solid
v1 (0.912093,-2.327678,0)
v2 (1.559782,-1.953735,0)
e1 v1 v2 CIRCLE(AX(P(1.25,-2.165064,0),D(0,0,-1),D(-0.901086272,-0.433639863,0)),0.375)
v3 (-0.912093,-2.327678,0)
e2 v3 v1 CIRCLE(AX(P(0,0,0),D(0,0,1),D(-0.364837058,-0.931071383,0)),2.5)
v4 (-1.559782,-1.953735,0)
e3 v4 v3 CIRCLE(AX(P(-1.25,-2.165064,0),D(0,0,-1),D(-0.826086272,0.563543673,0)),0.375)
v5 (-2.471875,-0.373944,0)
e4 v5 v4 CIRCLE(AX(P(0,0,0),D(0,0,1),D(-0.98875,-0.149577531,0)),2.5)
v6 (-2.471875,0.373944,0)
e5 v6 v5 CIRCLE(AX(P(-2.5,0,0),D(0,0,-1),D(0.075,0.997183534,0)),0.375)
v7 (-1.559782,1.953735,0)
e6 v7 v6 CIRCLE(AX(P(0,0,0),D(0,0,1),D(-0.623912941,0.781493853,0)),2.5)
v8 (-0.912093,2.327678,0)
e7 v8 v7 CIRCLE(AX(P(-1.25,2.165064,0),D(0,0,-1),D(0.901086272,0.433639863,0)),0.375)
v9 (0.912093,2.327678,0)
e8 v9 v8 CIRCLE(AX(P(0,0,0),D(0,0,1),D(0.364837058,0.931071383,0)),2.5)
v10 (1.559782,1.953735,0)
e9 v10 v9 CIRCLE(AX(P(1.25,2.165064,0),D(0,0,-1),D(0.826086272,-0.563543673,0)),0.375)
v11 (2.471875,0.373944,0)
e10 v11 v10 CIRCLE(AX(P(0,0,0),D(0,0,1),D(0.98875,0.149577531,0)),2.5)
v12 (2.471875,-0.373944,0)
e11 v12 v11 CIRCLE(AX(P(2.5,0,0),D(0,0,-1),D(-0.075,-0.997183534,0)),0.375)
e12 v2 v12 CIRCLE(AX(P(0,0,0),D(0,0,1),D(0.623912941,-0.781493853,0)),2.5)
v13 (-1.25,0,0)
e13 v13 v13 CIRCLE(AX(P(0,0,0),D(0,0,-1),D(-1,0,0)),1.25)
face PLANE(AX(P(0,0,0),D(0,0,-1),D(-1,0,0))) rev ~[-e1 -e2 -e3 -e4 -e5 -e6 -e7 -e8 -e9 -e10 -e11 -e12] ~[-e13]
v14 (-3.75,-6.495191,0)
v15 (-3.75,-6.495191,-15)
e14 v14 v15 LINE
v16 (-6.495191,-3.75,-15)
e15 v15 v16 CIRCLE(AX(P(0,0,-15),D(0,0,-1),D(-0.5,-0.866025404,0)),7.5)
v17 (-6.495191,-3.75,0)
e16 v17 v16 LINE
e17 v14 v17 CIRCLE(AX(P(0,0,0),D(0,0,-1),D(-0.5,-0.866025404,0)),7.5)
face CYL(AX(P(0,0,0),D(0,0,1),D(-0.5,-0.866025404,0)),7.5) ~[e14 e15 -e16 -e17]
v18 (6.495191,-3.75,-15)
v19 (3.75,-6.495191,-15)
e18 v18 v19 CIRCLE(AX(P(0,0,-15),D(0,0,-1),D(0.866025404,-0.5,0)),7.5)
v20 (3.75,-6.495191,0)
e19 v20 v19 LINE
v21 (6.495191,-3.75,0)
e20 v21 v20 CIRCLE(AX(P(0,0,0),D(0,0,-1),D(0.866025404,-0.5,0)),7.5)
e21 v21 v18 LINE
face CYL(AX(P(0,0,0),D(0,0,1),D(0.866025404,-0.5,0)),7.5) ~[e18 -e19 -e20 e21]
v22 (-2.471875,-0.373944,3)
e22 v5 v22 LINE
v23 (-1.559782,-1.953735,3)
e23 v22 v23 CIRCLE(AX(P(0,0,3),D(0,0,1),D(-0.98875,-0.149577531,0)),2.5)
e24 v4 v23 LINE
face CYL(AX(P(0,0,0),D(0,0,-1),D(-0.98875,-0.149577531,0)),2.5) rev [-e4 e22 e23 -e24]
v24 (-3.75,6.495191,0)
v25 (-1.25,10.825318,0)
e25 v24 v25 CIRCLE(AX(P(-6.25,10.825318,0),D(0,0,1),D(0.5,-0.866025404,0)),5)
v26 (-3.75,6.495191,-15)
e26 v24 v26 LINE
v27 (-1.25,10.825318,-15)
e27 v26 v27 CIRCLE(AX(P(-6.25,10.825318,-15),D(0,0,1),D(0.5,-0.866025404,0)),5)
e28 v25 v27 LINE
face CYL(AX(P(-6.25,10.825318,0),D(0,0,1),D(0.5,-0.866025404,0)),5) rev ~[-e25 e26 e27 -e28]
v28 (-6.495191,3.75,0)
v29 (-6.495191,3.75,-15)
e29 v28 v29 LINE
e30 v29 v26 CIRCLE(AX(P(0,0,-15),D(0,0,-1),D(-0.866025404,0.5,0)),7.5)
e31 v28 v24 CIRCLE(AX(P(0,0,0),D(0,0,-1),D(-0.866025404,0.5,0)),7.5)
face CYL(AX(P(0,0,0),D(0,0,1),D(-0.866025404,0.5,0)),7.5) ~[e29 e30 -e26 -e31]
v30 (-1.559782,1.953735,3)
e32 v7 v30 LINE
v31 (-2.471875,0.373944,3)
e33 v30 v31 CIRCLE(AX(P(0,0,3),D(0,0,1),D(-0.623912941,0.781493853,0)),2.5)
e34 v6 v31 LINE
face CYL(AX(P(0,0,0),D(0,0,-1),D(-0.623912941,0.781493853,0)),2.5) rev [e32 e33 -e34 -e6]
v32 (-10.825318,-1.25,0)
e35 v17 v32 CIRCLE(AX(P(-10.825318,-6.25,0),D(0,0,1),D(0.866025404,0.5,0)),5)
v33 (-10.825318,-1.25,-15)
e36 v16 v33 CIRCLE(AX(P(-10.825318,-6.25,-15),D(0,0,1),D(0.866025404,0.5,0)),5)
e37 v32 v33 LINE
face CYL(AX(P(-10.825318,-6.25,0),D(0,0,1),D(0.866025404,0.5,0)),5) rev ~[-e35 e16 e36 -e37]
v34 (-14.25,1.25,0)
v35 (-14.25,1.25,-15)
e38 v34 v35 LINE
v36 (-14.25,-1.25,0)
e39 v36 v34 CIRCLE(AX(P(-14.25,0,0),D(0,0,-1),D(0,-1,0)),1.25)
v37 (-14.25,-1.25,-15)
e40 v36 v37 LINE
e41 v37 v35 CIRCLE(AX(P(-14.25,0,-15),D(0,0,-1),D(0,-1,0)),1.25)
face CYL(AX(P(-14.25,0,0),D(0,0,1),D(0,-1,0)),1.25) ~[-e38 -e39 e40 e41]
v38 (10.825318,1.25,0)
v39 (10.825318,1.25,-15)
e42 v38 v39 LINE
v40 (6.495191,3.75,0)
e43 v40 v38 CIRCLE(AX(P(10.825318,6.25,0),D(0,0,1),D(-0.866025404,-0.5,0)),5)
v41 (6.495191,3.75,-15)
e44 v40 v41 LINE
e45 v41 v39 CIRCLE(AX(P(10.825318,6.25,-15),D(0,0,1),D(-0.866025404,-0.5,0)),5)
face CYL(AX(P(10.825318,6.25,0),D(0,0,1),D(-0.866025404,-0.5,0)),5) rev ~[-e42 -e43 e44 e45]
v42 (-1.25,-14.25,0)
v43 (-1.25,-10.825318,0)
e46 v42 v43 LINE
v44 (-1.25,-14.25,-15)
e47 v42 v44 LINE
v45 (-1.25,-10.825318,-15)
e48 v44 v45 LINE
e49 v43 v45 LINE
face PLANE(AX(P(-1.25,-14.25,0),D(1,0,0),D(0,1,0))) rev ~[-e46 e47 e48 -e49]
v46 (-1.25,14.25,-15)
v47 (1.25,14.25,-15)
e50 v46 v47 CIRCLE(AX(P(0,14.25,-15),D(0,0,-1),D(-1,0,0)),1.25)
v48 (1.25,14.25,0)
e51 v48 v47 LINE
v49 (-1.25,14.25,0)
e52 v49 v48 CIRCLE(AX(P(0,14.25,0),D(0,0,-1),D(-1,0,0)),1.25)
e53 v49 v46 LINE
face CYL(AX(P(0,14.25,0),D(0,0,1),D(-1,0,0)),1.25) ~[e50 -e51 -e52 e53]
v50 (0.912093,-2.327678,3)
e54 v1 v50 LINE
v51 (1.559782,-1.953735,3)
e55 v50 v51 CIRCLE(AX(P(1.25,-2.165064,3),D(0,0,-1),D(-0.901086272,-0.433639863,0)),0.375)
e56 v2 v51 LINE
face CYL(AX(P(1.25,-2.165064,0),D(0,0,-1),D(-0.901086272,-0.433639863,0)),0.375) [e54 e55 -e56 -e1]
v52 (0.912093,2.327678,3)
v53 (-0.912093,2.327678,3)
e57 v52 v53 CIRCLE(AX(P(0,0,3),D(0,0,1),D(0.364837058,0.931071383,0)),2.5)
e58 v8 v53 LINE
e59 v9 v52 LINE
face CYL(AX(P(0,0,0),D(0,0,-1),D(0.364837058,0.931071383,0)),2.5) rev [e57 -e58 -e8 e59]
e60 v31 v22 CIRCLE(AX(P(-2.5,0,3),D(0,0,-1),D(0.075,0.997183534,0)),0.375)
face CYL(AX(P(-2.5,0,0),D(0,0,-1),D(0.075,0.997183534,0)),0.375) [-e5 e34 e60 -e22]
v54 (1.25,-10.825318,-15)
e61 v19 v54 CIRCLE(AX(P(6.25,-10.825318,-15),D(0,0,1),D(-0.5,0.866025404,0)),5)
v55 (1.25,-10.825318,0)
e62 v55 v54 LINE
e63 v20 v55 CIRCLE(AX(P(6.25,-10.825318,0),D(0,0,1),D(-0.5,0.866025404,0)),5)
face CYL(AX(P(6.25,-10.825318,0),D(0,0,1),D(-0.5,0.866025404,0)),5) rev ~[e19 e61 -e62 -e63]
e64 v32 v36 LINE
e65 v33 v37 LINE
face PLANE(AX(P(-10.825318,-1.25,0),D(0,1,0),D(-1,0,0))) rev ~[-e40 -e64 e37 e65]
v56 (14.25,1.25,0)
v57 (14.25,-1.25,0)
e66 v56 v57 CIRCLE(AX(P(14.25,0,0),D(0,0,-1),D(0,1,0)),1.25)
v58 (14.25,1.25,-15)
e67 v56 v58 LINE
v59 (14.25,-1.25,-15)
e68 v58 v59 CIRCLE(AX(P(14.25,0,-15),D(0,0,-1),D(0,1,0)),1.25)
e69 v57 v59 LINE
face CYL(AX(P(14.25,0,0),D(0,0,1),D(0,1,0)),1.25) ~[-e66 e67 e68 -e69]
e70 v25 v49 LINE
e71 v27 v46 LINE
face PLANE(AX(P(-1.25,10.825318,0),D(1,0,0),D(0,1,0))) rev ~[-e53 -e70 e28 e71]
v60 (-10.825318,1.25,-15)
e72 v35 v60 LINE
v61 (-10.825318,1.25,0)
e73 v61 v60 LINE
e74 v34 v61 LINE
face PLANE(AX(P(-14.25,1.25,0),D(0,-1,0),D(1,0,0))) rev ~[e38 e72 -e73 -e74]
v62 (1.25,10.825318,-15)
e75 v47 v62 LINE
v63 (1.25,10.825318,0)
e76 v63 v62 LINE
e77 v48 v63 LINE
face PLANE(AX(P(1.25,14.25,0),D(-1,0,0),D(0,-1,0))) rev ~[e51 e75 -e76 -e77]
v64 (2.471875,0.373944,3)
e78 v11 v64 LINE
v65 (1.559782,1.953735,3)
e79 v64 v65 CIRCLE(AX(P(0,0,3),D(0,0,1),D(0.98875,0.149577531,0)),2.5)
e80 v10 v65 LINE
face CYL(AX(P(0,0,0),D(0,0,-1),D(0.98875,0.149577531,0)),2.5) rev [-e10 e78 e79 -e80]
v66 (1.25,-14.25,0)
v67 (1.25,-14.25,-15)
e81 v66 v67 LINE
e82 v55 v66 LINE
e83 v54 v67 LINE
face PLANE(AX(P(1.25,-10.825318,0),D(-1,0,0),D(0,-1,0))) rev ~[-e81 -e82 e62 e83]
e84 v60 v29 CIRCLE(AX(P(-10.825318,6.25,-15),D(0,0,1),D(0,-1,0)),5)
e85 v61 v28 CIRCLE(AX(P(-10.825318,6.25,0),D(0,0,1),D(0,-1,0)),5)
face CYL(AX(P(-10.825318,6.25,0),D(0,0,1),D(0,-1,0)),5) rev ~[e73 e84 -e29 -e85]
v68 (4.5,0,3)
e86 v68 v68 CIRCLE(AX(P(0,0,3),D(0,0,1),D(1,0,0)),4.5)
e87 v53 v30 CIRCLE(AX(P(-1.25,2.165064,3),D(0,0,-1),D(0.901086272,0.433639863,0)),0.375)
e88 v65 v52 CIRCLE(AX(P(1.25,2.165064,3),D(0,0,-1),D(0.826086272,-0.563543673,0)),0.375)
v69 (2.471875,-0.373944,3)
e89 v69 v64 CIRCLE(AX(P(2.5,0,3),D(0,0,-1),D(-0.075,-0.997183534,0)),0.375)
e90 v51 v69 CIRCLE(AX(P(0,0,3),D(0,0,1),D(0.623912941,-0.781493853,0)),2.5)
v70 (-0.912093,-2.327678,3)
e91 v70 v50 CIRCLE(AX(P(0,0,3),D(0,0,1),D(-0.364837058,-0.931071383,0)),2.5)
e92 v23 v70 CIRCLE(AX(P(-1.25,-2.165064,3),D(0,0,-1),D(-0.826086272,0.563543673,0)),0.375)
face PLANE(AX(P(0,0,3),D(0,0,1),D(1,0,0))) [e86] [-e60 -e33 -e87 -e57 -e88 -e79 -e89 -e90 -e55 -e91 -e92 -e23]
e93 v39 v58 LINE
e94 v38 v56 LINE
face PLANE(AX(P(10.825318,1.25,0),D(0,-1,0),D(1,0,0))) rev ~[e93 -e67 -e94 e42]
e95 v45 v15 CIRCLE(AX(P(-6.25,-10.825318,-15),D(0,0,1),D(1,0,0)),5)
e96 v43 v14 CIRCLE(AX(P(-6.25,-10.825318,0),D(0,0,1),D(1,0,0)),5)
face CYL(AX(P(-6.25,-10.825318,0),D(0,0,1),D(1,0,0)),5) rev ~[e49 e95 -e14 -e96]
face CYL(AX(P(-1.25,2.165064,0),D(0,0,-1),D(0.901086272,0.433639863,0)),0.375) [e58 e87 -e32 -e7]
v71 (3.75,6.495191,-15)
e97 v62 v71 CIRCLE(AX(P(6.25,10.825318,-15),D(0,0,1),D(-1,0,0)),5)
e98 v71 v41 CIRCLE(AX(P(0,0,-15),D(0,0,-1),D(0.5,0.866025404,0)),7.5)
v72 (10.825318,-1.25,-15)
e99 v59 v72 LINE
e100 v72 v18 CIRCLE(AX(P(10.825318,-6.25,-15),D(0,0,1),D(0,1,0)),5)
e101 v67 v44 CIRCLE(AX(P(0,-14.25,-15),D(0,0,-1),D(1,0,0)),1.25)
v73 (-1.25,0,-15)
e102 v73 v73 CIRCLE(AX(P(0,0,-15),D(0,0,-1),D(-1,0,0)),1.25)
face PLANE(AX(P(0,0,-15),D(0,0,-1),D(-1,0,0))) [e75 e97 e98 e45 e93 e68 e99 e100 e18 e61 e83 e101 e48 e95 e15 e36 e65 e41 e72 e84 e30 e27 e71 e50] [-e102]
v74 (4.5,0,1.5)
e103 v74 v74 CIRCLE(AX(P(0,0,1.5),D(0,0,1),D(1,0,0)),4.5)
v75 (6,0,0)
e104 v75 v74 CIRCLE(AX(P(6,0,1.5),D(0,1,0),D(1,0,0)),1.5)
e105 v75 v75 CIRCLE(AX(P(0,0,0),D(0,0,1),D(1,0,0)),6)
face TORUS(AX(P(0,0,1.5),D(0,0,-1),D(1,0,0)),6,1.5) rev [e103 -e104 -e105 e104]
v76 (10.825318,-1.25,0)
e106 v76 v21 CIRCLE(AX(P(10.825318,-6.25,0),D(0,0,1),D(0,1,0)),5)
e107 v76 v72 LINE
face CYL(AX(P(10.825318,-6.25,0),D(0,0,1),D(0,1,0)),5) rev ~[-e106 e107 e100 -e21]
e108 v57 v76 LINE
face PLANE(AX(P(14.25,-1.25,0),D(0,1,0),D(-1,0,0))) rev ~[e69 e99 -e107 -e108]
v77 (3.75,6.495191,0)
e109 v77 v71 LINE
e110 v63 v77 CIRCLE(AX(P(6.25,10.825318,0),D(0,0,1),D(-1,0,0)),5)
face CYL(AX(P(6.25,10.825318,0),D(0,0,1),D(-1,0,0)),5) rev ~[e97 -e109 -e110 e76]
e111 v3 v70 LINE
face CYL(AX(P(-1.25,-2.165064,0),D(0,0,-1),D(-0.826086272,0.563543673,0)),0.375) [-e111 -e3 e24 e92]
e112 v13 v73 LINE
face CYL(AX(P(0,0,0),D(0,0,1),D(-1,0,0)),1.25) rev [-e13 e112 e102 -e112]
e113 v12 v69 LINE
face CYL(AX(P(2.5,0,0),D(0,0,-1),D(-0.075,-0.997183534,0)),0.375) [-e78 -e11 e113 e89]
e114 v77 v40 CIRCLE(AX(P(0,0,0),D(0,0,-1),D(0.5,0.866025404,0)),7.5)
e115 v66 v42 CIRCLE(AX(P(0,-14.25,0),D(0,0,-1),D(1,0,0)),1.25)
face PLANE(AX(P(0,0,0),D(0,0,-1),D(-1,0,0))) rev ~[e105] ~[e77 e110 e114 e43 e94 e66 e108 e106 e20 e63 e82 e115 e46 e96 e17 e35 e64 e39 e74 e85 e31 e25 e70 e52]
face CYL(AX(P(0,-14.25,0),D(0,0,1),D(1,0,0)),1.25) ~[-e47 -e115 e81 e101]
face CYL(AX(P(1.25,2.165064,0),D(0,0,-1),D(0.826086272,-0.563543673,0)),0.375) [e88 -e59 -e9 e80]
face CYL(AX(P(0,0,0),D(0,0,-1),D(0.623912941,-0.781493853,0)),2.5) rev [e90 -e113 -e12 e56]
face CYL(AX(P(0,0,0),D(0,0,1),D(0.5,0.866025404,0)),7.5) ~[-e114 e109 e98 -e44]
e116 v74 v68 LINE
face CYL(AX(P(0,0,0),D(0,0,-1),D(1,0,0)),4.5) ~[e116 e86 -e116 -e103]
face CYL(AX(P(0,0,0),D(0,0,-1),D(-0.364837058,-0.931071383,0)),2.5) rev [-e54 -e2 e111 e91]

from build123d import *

# Parameters (mm, degrees)
CROQUIS2_R              = 4.5
SALIENTE_EXTRUIR1_DEPTH = 3
CROQUIS3_R              = 1.25
SALIENTE_EXTRUIR2_DEPTH = 15
REDONDEO1_R             = 1.5


with BuildPart() as part:
    # Croquis2 → Saliente-Extruir1 (new body)
    with BuildSketch(Plane.XY):
        Circle(CROQUIS2_R)
        with BuildLine():
            ThreePointArc((2.471875, 0.373943825), (2.165063509, 1.25), (1.559782352, 1.953734632))
            ThreePointArc((1.559782352, 1.953734632), (1.0625, 1.840303983), (0.912092648, 2.327678458))
            ThreePointArc((0.912092648, 2.327678458), (0, 2.5), (-0.912092648, 2.327678458))
            ThreePointArc((-0.912092648, 2.327678458), (-1.0625, 1.840303983), (-1.559782352, 1.953734632))
            ThreePointArc((-1.559782352, 1.953734632), (-2.165063509, 1.25), (-2.471875, 0.373943825))
            ThreePointArc((-2.471875, 0.373943825), (-2.125, 0), (-2.471875, -0.373943825))
            ThreePointArc((-2.471875, -0.373943825), (-2.165063509, -1.25), (-1.559782352, -1.953734632))
            ThreePointArc((-1.559782352, -1.953734632), (-1.0625, -1.840303983), (-0.912092648, -2.327678458))
            ThreePointArc((-0.912092648, -2.327678458), (0, -2.5), (0.912092648, -2.327678458))
            ThreePointArc((0.912092648, -2.327678458), (1.0625, -1.840303983), (1.559782352, -1.953734632))
            ThreePointArc((1.559782352, -1.953734632), (2.165063509, -1.25), (2.471875, -0.373943825))
            ThreePointArc((2.471875, -0.373943825), (2.125, 0), (2.471875, 0.373943825))
        make_face(mode=Mode.SUBTRACT)
    extrude(amount=SALIENTE_EXTRUIR1_DEPTH)

    # Croquis3 → Saliente-Extruir2 (add)
    with BuildSketch(Plane(origin=(0, 0, 0), x_dir=(-1, 0, 0), z_dir=(0, 0, -1))):
        with BuildLine():
            Line((1.25, 10.825317547), (1.25, 14.25))
            ThreePointArc((1.25, 14.25), (0, 15.5), (-1.25, 14.25))
            Line((-1.25, 14.25), (-1.25, 10.825317547))
            ThreePointArc((-1.25, 10.825317547), (-1.919872981, 8.325317547), (-3.75, 6.495190528))
            ThreePointArc((-3.75, 6.495190528), (-5.303300859, 5.303300859), (-6.495190528, 3.75))
            ThreePointArc((-6.495190528, 3.75), (-8.325317547, 1.919872981), (-10.825317547, 1.25))
            Line((-10.825317547, 1.25), (-14.25, 1.25))
            ThreePointArc((-14.25, 1.25), (-15.5, 0), (-14.25, -1.25))
            Line((-14.25, -1.25), (-10.825317547, -1.25))
            ThreePointArc((-10.825317547, -1.25), (-8.325317547, -1.919872981), (-6.495190528, -3.75))
            ThreePointArc((-6.495190528, -3.75), (-5.303300859, -5.303300859), (-3.75, -6.495190528))
            ThreePointArc((-3.75, -6.495190528), (-1.919872981, -8.325317547), (-1.25, -10.825317547))
            Line((-1.25, -10.825317547), (-1.25, -14.25))
            ThreePointArc((-1.25, -14.25), (0, -15.5), (1.25, -14.25))
            Line((1.25, -14.25), (1.25, -10.825317547))
            ThreePointArc((1.25, -10.825317547), (1.919872981, -8.325317547), (3.75, -6.495190528))
            ThreePointArc((3.75, -6.495190528), (5.303300859, -5.303300859), (6.495190528, -3.75))
            ThreePointArc((6.495190528, -3.75), (8.325317547, -1.919872981), (10.825317547, -1.25))
            Line((10.825317547, -1.25), (14.25, -1.25))
            ThreePointArc((14.25, -1.25), (15.5, 0), (14.25, 1.25))
            Line((14.25, 1.25), (10.825317547, 1.25))
            ThreePointArc((10.825317547, 1.25), (8.325317547, 1.919872981), (6.495190528, 3.75))
            ThreePointArc((6.495190528, 3.75), (5.303300859, 5.303300859), (3.75, 6.495190528))
            ThreePointArc((3.75, 6.495190528), (1.919872981, 8.325317547), (1.25, 10.825317547))
        make_face()
        Circle(CROQUIS3_R, mode=Mode.SUBTRACT)
    extrude(amount=SALIENTE_EXTRUIR2_DEPTH)

    # Redondeo1
    redondeo1_edges = [part.edges().sort_by_distance(p)[0] for p in [
        (-4.5, 0, 0),
    ]]
    fillet(redondeo1_edges, radius=REDONDEO1_R)


solid = part.part
